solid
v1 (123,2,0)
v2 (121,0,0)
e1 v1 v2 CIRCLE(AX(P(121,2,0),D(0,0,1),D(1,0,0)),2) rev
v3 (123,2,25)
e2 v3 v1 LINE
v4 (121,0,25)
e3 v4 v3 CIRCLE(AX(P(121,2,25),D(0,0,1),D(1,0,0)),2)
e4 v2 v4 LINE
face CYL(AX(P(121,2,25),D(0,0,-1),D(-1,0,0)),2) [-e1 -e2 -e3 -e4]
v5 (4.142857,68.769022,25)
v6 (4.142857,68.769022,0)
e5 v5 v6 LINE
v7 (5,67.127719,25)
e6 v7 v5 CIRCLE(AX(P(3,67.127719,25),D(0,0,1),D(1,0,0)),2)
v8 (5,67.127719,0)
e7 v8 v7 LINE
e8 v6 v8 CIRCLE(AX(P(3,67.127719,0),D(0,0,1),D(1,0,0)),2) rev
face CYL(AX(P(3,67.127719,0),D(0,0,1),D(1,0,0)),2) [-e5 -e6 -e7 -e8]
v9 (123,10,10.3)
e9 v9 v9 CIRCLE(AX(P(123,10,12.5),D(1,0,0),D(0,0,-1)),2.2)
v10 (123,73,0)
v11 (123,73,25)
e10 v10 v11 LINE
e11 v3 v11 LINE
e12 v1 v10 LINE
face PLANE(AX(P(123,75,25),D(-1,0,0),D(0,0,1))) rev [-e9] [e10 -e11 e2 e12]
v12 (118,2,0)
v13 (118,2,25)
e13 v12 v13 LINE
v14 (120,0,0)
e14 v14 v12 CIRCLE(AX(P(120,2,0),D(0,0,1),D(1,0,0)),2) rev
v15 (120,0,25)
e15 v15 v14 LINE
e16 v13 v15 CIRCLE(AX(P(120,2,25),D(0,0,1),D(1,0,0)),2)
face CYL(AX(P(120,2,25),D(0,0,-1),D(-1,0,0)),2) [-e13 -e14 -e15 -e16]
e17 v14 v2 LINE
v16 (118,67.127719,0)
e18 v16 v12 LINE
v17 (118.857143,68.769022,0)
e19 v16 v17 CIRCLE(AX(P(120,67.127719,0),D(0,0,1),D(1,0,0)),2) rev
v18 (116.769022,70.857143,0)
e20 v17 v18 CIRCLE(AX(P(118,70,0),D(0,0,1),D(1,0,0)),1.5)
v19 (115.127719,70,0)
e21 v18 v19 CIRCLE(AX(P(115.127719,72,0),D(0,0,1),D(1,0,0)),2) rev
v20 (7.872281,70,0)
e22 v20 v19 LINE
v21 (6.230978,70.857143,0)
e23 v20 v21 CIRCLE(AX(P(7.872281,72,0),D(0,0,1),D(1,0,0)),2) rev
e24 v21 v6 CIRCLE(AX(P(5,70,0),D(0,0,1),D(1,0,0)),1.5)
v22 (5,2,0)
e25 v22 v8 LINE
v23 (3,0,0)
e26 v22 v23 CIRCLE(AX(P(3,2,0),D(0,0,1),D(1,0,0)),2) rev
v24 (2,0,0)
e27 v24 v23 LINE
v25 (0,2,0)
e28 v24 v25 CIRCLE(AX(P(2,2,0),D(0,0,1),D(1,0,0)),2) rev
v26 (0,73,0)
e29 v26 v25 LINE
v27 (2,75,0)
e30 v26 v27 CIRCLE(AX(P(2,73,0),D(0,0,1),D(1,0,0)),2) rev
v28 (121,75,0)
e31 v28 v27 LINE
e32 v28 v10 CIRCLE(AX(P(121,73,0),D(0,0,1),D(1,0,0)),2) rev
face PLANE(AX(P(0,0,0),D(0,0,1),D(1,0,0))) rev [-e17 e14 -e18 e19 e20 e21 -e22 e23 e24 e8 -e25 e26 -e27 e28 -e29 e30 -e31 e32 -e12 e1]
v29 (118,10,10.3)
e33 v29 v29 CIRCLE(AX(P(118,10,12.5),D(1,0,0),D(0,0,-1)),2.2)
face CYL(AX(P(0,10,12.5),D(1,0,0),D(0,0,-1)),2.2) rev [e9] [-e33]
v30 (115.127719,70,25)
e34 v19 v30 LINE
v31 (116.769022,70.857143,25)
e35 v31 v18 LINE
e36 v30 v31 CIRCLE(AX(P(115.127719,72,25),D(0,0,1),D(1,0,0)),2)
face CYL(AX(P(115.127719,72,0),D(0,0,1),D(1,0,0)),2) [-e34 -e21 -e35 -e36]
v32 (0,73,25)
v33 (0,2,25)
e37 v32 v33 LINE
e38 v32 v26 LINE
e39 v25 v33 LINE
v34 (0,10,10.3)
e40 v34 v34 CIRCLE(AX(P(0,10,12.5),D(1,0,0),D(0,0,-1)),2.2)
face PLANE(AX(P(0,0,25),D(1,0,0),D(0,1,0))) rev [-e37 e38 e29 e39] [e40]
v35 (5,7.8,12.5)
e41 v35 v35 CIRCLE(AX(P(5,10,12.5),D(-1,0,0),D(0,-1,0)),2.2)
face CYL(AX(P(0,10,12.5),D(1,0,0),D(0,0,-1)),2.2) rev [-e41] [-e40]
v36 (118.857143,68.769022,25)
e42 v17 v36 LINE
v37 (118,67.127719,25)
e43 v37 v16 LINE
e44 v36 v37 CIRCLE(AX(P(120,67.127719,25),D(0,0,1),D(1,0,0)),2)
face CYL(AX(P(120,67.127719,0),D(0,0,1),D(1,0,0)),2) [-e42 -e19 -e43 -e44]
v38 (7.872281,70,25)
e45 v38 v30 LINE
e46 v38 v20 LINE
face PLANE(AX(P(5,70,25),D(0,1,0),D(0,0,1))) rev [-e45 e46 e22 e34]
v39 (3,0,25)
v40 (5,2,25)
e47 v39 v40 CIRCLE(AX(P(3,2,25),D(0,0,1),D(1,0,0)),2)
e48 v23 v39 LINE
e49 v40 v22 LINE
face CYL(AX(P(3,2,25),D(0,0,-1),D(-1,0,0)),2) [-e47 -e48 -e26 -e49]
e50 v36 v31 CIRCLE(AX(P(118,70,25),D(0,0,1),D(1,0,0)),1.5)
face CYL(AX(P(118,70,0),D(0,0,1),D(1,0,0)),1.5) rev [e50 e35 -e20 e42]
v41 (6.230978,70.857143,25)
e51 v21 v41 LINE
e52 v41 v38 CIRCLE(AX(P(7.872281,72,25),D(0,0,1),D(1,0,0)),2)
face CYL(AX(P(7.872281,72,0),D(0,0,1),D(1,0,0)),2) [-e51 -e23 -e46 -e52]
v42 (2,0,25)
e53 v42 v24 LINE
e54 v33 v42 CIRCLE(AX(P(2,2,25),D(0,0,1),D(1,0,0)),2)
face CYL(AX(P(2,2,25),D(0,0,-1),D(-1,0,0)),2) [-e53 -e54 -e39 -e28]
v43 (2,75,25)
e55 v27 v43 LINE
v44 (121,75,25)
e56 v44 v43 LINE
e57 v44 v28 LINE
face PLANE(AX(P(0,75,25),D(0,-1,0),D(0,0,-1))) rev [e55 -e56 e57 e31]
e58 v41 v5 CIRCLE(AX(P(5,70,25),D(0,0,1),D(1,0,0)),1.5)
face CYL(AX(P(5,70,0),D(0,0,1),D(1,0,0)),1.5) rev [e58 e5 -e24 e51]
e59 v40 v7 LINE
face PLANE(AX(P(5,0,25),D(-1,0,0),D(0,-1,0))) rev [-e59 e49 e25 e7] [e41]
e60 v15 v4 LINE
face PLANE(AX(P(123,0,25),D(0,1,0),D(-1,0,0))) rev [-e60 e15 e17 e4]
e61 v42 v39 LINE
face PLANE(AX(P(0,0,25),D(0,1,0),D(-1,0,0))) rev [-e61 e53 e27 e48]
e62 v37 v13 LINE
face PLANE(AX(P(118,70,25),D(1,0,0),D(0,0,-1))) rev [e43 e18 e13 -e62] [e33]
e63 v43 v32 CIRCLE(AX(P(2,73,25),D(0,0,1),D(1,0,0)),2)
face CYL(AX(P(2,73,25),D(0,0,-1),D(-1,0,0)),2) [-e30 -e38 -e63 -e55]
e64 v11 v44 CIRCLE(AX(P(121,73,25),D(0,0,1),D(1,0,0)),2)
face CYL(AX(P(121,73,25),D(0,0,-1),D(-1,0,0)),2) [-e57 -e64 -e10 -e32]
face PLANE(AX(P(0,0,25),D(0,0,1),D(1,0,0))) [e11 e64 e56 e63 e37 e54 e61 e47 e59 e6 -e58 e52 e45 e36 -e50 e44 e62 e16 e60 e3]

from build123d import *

# Parameters (mm, degrees)
EXTRUDE_1_DEPTH     = 25
SKETCH_2_R          = 2.2
CUT_EXTRUDE_2_DEPTH = 147.215594244
SKETCH_3_R          = 1.5
CUT_EXTRUDE_3_DEPTH = 147.215594244
FILLET_1_R          = 2


with BuildPart() as part:
    # ｽｹｯﾁ1 → ﾎﾞｽ - 押し出し1 (new body)
    with BuildSketch(Plane.XY):
        Polygon((0, 0), (0, 75), (123, 75), (123, 0), (118, 0), (118, 70), (5, 70), (5, 0), align=None)
    extrude(amount=EXTRUDE_1_DEPTH)

    # ｽｹｯﾁ2 → ｶｯﾄ - 押し出し2 (cut, through all)
    with BuildSketch(Plane(origin=(123, 0, 0), x_dir=(0, 0, -1), z_dir=(1, 0, 0))):
        with Locations((-12.5, 10)):
            Circle(SKETCH_2_R)
    extrude(amount=-CUT_EXTRUDE_2_DEPTH, mode=Mode.SUBTRACT)

    # ｽｹｯﾁ3 → ｶｯﾄ - 押し出し3 (cut, through all)
    with BuildSketch(Plane.XY.offset(25)):
        with Locations((5, 70)):
            Circle(SKETCH_3_R)
        with Locations((118, 70)):
            Circle(SKETCH_3_R)
    extrude(amount=-CUT_EXTRUDE_3_DEPTH, mode=Mode.SUBTRACT)

    # ﾌｨﾚｯﾄ1
    fillet_1_edges = [part.edges().sort_by_distance(p)[0] for p in [
        (0, 0, 12.5),
        (0, 75, 12.5),
        (123, 75, 12.5),
        (123, 0, 12.5),
        (118, 0, 12.5),
        (5, 0, 12.5),
        (5, 68.5, 12.5),
        (6.5, 70, 12.5),
        (116.5, 70, 12.5),
        (118, 68.5, 12.5),
    ]]
    fillet(fillet_1_edges, radius=FILLET_1_R)


solid = part.part
